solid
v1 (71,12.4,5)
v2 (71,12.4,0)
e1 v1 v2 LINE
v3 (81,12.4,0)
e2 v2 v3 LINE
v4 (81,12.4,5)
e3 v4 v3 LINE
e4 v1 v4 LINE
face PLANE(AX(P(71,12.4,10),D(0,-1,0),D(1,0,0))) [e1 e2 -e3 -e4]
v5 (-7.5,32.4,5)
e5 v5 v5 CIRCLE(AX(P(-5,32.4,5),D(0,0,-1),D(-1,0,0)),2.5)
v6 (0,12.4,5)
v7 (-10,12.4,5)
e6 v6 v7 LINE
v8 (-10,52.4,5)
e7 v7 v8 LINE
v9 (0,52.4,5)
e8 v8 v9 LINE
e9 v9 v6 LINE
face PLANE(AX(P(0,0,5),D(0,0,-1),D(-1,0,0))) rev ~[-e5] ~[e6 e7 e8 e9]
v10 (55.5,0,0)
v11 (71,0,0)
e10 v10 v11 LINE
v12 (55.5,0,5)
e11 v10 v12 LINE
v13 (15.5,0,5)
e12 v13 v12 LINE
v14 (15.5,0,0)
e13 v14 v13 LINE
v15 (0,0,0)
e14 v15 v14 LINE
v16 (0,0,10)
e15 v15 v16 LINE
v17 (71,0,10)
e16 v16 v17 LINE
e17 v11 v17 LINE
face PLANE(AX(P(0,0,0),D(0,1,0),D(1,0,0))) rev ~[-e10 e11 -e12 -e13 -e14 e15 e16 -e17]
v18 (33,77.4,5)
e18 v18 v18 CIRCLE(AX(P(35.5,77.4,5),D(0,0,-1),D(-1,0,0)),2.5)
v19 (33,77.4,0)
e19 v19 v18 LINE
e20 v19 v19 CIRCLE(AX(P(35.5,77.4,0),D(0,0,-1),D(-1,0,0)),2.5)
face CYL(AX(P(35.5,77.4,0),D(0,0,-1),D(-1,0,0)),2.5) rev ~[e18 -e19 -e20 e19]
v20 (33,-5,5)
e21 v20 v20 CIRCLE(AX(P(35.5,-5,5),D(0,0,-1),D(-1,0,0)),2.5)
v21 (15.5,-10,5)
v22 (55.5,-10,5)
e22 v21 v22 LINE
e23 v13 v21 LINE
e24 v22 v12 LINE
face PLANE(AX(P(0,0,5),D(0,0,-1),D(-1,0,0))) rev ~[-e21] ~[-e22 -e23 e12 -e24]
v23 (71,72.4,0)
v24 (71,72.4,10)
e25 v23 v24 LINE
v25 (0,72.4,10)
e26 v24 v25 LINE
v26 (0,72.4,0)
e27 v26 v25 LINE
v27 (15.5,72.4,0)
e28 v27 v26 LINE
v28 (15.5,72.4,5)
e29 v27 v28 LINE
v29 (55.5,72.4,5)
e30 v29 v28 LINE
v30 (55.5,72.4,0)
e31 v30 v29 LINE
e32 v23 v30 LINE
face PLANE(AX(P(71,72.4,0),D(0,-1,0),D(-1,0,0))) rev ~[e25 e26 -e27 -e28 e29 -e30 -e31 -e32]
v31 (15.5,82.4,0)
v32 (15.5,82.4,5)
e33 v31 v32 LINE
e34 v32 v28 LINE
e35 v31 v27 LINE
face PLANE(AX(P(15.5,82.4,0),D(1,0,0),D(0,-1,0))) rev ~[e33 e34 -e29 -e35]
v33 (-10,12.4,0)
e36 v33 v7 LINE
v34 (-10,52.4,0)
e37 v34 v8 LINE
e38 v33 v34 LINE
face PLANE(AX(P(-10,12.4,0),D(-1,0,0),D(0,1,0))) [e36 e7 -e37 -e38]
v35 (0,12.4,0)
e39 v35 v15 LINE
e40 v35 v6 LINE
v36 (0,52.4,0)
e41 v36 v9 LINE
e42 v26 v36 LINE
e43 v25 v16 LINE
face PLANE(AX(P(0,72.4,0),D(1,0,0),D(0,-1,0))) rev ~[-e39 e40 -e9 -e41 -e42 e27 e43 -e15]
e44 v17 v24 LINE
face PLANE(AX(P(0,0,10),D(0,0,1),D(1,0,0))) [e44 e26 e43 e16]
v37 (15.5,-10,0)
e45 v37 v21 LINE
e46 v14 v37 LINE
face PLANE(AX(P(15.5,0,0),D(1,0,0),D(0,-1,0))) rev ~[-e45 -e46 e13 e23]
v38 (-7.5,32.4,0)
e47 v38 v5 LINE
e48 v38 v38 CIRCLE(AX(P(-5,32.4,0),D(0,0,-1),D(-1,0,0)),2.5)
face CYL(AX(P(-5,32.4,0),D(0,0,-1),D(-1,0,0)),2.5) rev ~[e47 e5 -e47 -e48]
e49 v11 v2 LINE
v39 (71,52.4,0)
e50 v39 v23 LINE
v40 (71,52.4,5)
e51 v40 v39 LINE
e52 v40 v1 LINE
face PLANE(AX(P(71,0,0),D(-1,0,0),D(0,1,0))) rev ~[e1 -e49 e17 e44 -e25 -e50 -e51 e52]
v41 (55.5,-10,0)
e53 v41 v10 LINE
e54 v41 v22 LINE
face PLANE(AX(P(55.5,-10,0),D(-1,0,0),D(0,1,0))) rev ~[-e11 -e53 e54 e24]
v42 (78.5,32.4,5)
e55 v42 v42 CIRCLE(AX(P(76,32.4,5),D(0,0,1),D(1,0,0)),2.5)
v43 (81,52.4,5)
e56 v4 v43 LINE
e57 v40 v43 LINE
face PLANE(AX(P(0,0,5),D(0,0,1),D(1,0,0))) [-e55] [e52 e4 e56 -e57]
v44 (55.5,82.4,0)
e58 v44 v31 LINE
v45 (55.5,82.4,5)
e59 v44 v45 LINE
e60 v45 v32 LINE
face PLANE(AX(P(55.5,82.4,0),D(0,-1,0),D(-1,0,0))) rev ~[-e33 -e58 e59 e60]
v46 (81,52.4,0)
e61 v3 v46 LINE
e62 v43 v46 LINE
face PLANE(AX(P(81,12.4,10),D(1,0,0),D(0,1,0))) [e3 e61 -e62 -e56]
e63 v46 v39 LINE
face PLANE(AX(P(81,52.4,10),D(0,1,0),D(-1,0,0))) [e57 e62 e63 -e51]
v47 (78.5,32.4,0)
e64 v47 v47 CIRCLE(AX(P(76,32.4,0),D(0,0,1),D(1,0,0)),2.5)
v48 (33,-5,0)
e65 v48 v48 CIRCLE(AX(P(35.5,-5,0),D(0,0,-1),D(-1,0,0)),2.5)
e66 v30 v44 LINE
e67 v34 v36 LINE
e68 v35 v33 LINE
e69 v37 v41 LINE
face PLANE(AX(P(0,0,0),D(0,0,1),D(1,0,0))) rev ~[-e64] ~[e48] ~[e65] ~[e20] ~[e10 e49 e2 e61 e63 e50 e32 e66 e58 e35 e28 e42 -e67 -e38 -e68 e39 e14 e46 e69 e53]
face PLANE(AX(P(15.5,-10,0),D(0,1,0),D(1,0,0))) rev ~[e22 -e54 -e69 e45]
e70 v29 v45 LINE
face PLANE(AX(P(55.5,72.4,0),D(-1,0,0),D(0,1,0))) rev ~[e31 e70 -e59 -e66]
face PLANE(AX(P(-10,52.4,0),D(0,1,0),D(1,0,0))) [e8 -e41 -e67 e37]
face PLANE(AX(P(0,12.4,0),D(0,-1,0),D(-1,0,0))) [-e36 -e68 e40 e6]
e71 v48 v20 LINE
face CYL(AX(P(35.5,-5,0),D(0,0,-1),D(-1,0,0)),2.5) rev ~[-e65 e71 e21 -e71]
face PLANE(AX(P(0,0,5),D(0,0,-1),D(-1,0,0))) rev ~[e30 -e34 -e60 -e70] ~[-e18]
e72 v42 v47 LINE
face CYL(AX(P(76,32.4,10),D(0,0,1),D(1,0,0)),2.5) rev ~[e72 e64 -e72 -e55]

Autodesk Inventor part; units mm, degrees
ref_plane "YZ Plane" through (0, 0, 0) normal (1, 0, 0) x (0, 1, 0)
ref_plane "XZ Plane" through (0, 0, 0) normal (0, 1, 0) x (-1, 0, 0)
ref_plane "XY Plane" through (0, 0, 0) normal (0, 0, 1) x (1, 0, 0)
sketch "Sketch1" plane through (0, 0, 0) normal (0, 0, 1) x (1, 0, 0)
  line L0 (0, 0) -> (71, 0)
  line L1 (71, 0) -> (71, 72.4)
  line L2 (71, 72.4) -> (0, 72.4)
  line L3 (0, 72.4) -> (0, 0)
  dimension "d0" = 71
  dimension "d1" = 72.4
extrude "Extrusion1" add sketch "Sketch1" along normal blind 10
sketch "Sketch2" plane through (0, 0, 10) normal (0, 0, 1) x (1, 0, 0)
  line L0 (71, 0) -> (71, 72.4) projected
  line L1 (71, 12.4) -> (81, 12.4)
  line L2 (81, 12.4) -> (81, 52.4)
  line L3 (81, 52.4) -> (71, 52.4)
  line L4 (71, 52.4) -> (71, 12.4)
  line L5 (71, 72.4) -> (0, 72.4) projected
  circle A0 centre (76, 32.4) radius 2.5
  line L6 (0, 0) -> (71, 0) projected
  point P0 (81, 32.4)
  point P1 (76, 52.4)
  dimension "d4" = 10
  dimension "d5" = 40
  dimension "d7" = 5
  dimension "d53" = 20
extrude "Extrusion2" add sketch "Sketch2" against normal blind 10
sketch "Sketch3" plane through (0, 0, 10) normal (0, 0, 1) x (1, 0, 0)
  line L0 (71, 52.4) -> (81, 52.4) projected
  line L1 (71, 12.4) -> (81, 12.4) projected
  line L2 (81, 52.4) -> (71, 52.4)
  line L3 (71, 52.4) -> (71, 12.4)
  line L4 (71, 12.4) -> (81, 12.4)
  line L5 (81, 12.4) -> (81, 52.4)
  point P0 (0, 0)
extrude "Extrusion3" cut sketch "Sketch3" against normal blind 5
sketch "Sketch10" plane through (0, 0, 0) normal (0, 0, -1) x (-1, 0, 0)
  line L0 (0, 72.4) -> (0, 0) projected
  line L1 (0, 12.4) -> (10, 12.4)
  line L2 (10, 12.4) -> (10, 52.4)
  line L3 (10, 52.4) -> (0, 52.4)
  line L4 (0, 52.4) -> (0, 12.4)
  circle A0 centre (5, 32.4) radius 2.5
  point P0 (-81, 12.4)
  point P1 (10, 32.4)
  point P2 (5, 12.4)
  dimension "d40" = 10
  dimension "d41" = 40
  dimension "d42" = 5
extrude "Extrusion10" add sketch "Sketch10" against normal blind 5
sketch "Sketch11" plane through (0, 0, 0) normal (0, 0, -1) x (-1, 0, 0)
  line L0 (-71, 72.4) -> (0, 72.4) projected
  line L1 (-15.5, 72.4) -> (-55.5, 72.4)
  line L2 (-55.5, 72.4) -> (-55.5, 82.4)
  line L3 (-55.5, 82.4) -> (-15.5, 82.4)
  line L4 (-15.5, 82.4) -> (-15.5, 72.4)
  circle A0 centre (-35.5, 77.4) radius 2.5
  point P0 (0, 0)
  point P1 (-35.5, 82.4)
  point P2 (-35.5, 72.4)
  point P3 (-15.5, 77.4)
  dimension "d46" = 40
  dimension "d47" = 10
  dimension "d48" = 5
extrude "Extrusion11" add sketch "Sketch11" against normal blind 5
sketch "Sketch12" plane through (0, 0, 0) normal (0, 0, -1) x (-1, 0, 0)
  line L0 (0, 0) -> (-71, 0) projected
  line L1 (-55.5, 0) -> (-15.5, 0)
  line L2 (-15.5, 0) -> (-15.5, -10)
  line L3 (-15.5, -10) -> (-55.5, -10)
  line L4 (-55.5, -10) -> (-55.5, 0)
  circle A0 centre (-35.5, -5) radius 2.5
  point P0 (-55.5, 82.4)
  point P1 (-15.5, 82.4)
  point P2 (-35.5, -10)
  point P3 (-55.5, -5)
  dimension "d54" = 10
  dimension "d55" = 5
extrude "Extrusion12" add sketch "Sketch12" against normal blind 5
properties part number "SP002" material "ABS Plastic"
